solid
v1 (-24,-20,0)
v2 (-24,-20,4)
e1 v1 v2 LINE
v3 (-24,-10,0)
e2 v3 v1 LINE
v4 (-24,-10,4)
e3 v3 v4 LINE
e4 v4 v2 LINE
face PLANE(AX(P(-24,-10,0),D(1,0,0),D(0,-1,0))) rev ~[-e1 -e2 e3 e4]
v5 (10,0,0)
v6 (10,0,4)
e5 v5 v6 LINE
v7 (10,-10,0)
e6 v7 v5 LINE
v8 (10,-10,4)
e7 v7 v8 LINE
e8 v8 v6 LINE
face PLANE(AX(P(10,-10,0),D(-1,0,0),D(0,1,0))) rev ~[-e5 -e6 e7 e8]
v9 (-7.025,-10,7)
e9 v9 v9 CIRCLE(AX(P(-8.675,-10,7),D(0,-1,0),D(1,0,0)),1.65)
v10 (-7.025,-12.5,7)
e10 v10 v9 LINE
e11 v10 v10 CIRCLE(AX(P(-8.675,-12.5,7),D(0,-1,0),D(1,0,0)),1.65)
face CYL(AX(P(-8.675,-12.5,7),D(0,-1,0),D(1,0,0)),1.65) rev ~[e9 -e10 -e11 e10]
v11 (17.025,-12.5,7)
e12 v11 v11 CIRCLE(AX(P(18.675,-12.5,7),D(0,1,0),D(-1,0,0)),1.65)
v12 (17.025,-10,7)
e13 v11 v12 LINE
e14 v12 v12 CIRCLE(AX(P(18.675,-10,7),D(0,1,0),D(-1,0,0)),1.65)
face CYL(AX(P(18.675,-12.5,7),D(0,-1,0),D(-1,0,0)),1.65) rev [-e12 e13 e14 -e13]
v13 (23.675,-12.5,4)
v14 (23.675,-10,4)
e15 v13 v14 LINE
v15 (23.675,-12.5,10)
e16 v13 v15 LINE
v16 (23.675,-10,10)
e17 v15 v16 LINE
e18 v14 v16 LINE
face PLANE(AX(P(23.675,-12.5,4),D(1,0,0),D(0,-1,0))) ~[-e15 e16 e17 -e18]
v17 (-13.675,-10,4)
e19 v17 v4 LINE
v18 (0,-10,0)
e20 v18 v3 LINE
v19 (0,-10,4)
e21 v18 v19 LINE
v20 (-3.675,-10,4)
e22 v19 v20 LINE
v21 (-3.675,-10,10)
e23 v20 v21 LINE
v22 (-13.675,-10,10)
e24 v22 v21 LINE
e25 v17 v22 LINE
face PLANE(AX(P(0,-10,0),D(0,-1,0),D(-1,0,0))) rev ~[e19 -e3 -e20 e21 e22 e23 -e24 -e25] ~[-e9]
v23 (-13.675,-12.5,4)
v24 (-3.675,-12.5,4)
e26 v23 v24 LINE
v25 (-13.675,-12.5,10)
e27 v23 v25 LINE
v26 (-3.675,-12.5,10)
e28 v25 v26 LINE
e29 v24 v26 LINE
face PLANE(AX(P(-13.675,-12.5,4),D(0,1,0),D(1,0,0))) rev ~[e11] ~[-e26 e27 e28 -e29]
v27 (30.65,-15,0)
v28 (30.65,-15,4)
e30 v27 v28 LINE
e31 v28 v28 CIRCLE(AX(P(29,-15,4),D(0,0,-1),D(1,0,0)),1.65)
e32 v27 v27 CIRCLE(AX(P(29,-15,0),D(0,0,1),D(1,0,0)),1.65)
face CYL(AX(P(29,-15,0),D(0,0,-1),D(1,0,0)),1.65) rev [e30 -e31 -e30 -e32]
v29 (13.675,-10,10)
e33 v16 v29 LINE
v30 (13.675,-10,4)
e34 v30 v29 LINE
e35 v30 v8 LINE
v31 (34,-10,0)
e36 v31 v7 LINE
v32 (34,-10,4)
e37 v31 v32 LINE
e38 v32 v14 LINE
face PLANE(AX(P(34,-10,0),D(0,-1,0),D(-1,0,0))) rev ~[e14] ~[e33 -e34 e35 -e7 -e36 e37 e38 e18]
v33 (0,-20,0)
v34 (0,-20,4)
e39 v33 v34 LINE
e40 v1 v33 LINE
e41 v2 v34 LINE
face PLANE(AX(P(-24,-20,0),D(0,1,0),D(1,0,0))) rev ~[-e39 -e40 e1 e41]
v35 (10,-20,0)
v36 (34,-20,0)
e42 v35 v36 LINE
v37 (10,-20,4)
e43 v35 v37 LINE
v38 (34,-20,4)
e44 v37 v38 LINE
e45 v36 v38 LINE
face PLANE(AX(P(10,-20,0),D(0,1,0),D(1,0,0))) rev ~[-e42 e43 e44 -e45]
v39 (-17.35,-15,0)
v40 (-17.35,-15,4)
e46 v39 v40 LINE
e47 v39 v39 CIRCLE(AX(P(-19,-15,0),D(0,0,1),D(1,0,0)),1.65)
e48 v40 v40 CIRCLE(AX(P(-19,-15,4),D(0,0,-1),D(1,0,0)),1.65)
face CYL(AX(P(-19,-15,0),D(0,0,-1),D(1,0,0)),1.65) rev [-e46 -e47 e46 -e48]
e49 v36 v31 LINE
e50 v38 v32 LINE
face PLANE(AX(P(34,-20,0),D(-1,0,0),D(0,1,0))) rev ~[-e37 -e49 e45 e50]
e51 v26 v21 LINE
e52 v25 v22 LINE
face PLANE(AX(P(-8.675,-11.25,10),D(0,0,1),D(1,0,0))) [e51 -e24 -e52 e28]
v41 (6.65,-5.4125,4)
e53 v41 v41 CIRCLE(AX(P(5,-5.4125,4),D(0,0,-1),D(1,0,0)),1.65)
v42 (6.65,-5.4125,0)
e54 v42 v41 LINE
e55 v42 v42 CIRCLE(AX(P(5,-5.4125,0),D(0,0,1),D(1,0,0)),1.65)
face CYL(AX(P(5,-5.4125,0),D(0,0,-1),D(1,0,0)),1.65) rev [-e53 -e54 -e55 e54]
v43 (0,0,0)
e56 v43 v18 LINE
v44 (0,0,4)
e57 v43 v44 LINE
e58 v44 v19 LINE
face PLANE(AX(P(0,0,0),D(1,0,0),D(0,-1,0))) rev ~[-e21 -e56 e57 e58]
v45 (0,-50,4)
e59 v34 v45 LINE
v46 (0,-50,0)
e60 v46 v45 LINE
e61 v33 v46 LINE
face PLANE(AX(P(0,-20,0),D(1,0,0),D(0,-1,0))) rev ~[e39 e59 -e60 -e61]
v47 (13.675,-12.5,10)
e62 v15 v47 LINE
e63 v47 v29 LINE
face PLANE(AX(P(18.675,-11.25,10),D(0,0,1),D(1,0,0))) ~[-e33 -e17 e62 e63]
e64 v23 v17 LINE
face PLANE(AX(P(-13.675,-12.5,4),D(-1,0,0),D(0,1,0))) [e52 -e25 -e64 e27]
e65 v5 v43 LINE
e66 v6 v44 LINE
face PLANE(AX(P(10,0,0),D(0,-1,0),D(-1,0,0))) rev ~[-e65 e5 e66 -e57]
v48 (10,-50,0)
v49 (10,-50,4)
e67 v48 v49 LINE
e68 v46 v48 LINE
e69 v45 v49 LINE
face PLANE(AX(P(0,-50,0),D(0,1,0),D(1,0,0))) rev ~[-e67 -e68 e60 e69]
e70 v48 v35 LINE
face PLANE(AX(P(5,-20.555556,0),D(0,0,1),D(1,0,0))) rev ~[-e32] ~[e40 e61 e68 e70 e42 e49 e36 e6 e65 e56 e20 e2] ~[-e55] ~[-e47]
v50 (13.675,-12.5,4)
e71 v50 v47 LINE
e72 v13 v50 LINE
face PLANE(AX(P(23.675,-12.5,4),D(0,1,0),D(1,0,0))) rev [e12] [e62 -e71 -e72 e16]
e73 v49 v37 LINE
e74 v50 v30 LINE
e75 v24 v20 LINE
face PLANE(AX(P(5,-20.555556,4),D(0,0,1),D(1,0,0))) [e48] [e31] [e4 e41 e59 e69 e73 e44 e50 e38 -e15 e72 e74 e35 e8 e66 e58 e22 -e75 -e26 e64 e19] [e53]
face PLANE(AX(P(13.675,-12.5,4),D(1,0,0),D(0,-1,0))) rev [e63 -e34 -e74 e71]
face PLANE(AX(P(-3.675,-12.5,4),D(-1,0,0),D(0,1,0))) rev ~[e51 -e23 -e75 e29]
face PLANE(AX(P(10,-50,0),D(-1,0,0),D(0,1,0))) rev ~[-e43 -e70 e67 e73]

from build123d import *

# Parameters (mm, degrees)
F0_R     = 1.65
F1_DEPTH = 4
F2_W     = 10
F2_H     = 2.5
F3_DEPTH = 6
F4_R     = 1.65
F5_DEPTH = 12.501


with BuildPart() as f1:
    # F0 (on Top) → F1 (new body)
    with BuildSketch(Plane.XY):
        Polygon((10, 0), (0, 0), (0, -10), (-24, -10), (-24, -20), (0, -20), (0, -50), (10, -50), (10, -20), (34, -20), (34, -10), (10, -10), align=None)
        with Locations((-19, -15)):
            Circle(F0_R, mode=Mode.SUBTRACT)
        with Locations((29, -15)):
            Circle(F0_R, mode=Mode.SUBTRACT)
        with Locations((5, -5.4125)):
            Circle(F0_R, mode=Mode.SUBTRACT)
    extrude(amount=F1_DEPTH)

    # F2 (on face) → F3 (join)
    with BuildSketch(Plane.XY.offset(4)):
        with Locations((-8.675, -11.25)):
            Rectangle(F2_W, F2_H)
    extrude(amount=F3_DEPTH)

    # F4 (on face) → F5 (cut, through all)
    with BuildSketch(Plane.XZ.offset(12.5)):
        with Locations((-8.675, 7)):
            Circle(F4_R)
    extrude(amount=-F5_DEPTH, mode=Mode.SUBTRACT)

    # F7: F1 across plane


with BuildPart() as f1_1:
    add(f1.part)
    add(f1.part.mirror(Plane(origin=(5, -35, 2), x_dir=(0, 1, 0), z_dir=(1, 0, 0))))


solid = f1_1.part
